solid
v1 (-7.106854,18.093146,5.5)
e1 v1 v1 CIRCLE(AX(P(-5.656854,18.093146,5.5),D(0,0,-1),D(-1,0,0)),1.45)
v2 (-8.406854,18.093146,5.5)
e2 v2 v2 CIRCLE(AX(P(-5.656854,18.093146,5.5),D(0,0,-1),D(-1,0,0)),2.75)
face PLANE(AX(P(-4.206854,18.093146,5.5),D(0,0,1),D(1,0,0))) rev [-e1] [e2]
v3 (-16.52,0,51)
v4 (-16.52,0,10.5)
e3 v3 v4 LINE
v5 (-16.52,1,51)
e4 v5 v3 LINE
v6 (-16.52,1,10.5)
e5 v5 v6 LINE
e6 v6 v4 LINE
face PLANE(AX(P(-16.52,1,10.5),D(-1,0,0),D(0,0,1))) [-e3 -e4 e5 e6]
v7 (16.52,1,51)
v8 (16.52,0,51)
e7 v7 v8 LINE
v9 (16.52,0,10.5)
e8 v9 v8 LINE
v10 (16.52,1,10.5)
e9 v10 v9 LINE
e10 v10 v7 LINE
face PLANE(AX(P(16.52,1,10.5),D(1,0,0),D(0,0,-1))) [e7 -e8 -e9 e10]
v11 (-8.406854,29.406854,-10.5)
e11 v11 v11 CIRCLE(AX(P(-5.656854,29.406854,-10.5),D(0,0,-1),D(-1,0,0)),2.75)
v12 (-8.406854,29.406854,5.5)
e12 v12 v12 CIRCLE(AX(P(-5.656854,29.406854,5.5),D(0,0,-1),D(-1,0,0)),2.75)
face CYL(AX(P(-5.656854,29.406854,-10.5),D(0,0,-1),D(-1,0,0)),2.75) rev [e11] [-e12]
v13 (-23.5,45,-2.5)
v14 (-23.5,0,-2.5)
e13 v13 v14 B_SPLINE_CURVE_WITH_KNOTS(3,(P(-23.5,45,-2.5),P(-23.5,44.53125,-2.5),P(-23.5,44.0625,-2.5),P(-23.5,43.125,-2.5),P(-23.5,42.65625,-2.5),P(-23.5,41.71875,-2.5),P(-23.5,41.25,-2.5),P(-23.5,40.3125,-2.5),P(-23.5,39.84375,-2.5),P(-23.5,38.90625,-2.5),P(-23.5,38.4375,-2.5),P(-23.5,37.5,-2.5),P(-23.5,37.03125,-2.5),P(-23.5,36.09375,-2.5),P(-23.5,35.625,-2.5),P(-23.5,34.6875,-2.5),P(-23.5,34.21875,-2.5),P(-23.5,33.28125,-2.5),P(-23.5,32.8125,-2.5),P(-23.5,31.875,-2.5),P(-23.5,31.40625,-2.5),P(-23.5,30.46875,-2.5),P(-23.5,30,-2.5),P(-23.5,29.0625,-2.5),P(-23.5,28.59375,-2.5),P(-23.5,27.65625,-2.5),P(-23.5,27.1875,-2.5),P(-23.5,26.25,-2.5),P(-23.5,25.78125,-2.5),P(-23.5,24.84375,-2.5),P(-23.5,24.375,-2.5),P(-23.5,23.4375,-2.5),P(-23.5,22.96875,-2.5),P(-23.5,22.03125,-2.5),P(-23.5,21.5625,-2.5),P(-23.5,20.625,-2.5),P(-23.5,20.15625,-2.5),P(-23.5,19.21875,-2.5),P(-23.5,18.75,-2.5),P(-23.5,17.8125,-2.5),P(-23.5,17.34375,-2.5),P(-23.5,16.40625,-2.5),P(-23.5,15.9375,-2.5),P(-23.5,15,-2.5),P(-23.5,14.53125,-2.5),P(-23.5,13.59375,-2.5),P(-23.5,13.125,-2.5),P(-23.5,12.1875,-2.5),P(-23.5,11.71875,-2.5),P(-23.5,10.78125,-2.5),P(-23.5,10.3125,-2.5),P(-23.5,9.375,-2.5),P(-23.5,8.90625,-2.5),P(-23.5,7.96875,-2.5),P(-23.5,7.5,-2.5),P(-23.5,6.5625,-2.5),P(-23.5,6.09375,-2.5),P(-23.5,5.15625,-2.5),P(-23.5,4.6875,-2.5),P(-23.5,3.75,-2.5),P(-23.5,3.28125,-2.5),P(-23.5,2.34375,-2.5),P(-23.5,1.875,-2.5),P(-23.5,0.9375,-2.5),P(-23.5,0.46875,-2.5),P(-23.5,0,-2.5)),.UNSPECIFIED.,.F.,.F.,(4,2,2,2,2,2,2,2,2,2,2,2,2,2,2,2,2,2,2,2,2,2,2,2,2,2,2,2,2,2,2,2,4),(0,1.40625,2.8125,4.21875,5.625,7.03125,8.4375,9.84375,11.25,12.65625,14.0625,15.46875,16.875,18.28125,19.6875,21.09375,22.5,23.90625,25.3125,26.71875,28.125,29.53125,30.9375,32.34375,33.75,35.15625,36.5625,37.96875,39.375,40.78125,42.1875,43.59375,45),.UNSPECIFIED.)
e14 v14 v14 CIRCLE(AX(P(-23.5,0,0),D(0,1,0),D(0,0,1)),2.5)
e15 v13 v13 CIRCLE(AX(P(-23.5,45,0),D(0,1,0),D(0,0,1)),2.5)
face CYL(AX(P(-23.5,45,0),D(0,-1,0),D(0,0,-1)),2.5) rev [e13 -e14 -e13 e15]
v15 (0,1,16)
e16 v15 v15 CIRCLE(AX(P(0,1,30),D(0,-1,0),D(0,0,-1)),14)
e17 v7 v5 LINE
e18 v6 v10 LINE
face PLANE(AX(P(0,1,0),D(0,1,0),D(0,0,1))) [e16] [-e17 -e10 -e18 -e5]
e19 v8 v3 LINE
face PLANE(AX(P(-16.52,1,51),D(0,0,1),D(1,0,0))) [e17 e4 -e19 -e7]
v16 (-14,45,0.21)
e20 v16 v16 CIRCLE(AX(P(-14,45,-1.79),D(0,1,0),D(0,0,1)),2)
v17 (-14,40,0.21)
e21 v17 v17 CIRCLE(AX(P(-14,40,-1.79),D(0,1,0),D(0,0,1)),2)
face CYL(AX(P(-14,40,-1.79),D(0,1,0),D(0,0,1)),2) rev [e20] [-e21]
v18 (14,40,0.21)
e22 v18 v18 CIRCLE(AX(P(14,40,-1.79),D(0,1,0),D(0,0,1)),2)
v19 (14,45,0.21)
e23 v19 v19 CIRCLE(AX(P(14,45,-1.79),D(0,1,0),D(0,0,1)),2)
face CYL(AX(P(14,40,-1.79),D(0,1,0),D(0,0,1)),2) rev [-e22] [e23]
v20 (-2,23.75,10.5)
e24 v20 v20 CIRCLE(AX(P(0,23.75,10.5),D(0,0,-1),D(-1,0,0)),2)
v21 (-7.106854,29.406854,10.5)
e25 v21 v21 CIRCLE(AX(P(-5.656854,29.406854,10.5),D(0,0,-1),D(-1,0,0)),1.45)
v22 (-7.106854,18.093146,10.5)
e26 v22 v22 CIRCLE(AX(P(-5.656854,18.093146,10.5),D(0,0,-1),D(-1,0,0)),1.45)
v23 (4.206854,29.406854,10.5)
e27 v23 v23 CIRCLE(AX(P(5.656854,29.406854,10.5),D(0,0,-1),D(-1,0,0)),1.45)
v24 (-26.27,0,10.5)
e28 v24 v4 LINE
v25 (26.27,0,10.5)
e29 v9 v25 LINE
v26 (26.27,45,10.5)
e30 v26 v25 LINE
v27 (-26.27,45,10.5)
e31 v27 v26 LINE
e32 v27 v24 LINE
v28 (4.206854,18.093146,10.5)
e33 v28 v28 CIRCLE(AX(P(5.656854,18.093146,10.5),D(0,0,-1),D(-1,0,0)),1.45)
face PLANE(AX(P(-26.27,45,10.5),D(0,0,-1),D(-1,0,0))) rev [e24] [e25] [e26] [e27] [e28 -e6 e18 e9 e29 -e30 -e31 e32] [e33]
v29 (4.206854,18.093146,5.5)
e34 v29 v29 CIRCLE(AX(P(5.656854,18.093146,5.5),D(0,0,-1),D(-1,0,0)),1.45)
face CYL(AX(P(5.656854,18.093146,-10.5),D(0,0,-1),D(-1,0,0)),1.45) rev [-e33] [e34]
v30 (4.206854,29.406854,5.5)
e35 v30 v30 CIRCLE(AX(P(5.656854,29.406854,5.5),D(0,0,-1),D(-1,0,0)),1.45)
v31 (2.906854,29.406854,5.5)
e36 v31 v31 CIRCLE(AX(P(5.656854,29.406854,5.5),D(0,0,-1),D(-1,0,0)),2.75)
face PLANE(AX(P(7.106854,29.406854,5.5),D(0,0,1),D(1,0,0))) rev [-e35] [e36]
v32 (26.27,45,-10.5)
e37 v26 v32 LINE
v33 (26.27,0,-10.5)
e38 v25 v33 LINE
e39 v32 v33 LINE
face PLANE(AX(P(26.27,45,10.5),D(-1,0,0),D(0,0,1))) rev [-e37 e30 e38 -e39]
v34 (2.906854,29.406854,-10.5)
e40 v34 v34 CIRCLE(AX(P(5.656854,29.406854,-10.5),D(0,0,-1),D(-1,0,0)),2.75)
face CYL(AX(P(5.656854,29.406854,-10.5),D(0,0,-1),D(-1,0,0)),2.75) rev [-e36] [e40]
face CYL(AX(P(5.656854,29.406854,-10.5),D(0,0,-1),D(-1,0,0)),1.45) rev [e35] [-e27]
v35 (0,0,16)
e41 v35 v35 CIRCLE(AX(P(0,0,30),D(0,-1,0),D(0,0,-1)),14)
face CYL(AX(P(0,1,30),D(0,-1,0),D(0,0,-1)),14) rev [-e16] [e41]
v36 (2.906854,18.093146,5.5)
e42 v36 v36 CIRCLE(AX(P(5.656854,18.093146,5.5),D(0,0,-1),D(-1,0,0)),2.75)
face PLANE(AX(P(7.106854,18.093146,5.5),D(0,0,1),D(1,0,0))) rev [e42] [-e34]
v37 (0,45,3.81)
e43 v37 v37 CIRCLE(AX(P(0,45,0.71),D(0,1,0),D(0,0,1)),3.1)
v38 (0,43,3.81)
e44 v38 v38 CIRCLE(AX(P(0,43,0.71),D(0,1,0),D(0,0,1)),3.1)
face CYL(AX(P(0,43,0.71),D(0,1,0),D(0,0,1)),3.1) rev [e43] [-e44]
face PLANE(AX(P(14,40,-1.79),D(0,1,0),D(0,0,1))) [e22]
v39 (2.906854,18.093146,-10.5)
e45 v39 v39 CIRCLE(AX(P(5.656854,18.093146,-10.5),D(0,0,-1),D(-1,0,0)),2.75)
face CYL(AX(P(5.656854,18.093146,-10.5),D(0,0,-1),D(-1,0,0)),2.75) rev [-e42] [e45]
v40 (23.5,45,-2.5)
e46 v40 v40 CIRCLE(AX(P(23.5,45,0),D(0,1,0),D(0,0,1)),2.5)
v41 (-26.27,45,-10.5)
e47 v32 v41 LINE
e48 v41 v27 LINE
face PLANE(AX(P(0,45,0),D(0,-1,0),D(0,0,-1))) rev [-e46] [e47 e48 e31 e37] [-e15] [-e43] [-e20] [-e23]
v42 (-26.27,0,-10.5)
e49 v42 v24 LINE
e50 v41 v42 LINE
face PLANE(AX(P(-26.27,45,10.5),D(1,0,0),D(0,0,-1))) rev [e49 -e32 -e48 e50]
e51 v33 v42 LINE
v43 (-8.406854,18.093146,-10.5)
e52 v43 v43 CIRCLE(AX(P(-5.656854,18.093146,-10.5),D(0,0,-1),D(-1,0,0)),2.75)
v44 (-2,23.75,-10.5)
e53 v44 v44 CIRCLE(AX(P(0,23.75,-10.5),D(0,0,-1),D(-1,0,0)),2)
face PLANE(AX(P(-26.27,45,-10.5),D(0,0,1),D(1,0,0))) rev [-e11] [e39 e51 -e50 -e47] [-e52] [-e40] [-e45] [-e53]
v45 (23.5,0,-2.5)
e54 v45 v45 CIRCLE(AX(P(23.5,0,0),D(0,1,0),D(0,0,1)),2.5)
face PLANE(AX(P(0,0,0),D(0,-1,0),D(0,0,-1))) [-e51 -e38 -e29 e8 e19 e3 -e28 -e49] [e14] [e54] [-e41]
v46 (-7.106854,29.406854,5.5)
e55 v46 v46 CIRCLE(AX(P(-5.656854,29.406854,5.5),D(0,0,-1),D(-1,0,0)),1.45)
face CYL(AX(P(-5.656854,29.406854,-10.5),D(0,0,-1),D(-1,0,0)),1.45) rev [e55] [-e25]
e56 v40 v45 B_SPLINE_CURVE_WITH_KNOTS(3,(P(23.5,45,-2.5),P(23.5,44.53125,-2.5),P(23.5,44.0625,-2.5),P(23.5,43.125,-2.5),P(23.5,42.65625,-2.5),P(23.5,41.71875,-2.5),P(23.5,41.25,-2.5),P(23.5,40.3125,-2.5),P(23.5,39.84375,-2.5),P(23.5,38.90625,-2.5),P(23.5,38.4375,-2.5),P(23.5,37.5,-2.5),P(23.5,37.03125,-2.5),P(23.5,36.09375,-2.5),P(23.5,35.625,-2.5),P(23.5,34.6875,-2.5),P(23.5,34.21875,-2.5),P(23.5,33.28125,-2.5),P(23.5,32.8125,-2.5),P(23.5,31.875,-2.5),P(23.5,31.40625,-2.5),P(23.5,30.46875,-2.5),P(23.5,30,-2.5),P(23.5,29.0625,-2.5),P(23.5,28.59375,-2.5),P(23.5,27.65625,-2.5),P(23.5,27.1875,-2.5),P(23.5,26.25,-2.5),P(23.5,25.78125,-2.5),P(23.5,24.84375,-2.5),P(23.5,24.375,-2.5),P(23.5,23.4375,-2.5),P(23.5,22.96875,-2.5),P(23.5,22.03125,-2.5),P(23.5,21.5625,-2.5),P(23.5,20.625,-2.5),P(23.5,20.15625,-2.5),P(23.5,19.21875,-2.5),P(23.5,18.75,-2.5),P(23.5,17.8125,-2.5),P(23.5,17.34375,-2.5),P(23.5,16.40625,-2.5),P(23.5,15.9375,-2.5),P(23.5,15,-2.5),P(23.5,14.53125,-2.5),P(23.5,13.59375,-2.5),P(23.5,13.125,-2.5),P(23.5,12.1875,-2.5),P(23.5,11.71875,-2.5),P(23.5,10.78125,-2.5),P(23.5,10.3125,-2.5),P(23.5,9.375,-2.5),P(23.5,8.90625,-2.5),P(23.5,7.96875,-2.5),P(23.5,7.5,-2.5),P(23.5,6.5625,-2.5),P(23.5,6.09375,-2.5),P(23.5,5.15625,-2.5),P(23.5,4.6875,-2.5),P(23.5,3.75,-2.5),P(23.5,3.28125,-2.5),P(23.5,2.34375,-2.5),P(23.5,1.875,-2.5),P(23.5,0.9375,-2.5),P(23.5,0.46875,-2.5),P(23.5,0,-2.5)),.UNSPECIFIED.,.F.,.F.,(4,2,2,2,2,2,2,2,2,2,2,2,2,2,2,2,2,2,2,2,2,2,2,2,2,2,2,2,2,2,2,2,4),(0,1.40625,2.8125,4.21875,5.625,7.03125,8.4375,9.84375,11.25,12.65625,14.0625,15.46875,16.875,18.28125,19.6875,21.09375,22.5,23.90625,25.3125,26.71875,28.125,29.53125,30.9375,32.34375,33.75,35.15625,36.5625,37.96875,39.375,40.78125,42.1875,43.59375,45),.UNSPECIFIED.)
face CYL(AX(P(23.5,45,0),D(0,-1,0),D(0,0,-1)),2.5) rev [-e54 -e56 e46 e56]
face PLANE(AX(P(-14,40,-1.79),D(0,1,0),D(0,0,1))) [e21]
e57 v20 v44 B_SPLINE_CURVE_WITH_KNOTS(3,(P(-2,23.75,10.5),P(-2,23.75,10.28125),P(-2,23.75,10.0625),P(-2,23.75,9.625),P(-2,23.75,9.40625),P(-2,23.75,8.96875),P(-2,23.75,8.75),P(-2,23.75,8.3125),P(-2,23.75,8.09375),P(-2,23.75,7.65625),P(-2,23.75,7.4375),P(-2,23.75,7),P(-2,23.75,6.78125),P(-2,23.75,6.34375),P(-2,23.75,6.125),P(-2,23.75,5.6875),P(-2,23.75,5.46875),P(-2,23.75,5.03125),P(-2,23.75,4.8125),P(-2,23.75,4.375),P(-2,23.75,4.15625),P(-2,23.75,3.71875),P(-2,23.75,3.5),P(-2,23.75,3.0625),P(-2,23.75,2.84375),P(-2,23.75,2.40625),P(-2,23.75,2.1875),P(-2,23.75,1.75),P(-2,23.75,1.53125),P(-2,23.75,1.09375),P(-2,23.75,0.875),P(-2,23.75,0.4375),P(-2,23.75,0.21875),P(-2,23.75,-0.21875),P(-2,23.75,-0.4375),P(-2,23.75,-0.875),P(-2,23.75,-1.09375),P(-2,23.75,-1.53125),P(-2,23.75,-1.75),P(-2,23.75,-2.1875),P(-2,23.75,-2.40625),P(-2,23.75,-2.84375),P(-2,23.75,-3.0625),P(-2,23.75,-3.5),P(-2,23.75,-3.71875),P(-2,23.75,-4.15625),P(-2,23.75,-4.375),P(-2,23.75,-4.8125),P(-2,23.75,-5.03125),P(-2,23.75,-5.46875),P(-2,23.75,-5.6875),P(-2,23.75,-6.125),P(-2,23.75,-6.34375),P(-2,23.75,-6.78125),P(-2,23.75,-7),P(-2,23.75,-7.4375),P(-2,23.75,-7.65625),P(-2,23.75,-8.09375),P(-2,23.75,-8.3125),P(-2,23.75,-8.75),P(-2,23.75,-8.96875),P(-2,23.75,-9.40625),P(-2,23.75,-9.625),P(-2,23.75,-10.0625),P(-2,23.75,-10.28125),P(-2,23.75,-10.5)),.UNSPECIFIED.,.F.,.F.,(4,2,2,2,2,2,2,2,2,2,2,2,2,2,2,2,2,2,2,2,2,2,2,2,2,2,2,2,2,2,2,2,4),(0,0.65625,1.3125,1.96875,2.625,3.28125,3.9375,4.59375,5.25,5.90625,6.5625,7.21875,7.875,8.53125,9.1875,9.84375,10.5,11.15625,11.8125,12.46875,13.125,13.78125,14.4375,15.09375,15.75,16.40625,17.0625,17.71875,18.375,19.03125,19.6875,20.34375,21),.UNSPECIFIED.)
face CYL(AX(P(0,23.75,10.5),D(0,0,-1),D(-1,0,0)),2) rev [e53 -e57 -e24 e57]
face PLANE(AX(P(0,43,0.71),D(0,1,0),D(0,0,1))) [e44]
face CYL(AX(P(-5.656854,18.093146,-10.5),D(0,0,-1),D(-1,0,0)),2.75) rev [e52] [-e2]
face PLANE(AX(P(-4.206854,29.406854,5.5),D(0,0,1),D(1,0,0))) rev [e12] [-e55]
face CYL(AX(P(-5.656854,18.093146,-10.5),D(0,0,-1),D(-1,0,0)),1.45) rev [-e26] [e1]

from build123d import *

# Parameters (mm, degrees)
SKETCH1_W                                            = 52.54
SKETCH1_H                                            = 21
SKETCH1_R                                            = 2.5
BOSS_EXTRUDE1_DEPTH                                  = 45
SKETCH2_R                                            = 2
CUT_EXTRUDE1_DEPTH                                   = 57.179292448
SKETCH3_R                                            = 2
CUT_EXTRUDE2_DEPTH                                   = 5
CBORE_FOR_M2_5_HEX_SOCKET_HEAD_CAP_SCREW_D           = 2.9
CBORE_FOR_M2_5_HEX_SOCKET_HEAD_CAP_SCREW_CBORE_D     = 5.5
CBORE_FOR_M2_5_HEX_SOCKET_HEAD_CAP_SCREW_CBORE_DEPTH = 16
SKETCH6_R                                            = 3.1
CUT_EXTRUDE3_DEPTH                                   = 2
SKETCH7_W                                            = 33.04
SKETCH7_H                                            = 40.5
SKETCH7_R                                            = 14
BOSS_EXTRUDE2_DEPTH                                  = 1


with BuildPart() as part:
    # Sketch1 → Boss-Extrude1 (new body)
    with BuildSketch(Plane(origin=(0, 0, 0), x_dir=(1, 0, 0), z_dir=(0, 1, 0))):
        Rectangle(SKETCH1_W, SKETCH1_H)
        with Locations(Location((23.5, 0, 0), (0, 0, 90))):
            Circle(SKETCH1_R, mode=Mode.SUBTRACT)
        with Locations(Location((-23.5, 0, 0), (0, 0, 90))):
            Circle(SKETCH1_R, mode=Mode.SUBTRACT)
    extrude(amount=BOSS_EXTRUDE1_DEPTH)

    # Sketch2 → Cut-Extrude1 (cut, through all)
    with BuildSketch(Plane(origin=(0, 0, -10.5), x_dir=(-1, 0, 0), z_dir=(0, 0, -1))):
        with Locations((0, 23.75)):
            Circle(SKETCH2_R)
    extrude(amount=-CUT_EXTRUDE1_DEPTH, mode=Mode.SUBTRACT)

    # Sketch3 → Cut-Extrude2 (cut)
    with BuildSketch(Plane(origin=(0, 45, 0), x_dir=(1, 0, 0), z_dir=(0, 1, 0))):
        with Locations(Location((-14, 1.79, 0), (0, 0, 270))):
            Circle(SKETCH3_R)
        with Locations(Location((14, 1.79, 0), (0, 0, 270))):
            Circle(SKETCH3_R)
    extrude(amount=-CUT_EXTRUDE2_DEPTH, mode=Mode.SUBTRACT)

    # CBORE for M2.5 Hex Socket Head Cap Screw1 (through all)
    with Locations(Plane(origin=(-5.656854249, 18.093145751, -10.5), x_dir=(-1, 0, 0), z_dir=(0, 0, -1))):
        with Locations((0, 0), (-11.313708498, 0), (-11.313708498, 11.313708498), (0, 11.313708498)):
            CounterBoreHole(CBORE_FOR_M2_5_HEX_SOCKET_HEAD_CAP_SCREW_D / 2, CBORE_FOR_M2_5_HEX_SOCKET_HEAD_CAP_SCREW_CBORE_D / 2, CBORE_FOR_M2_5_HEX_SOCKET_HEAD_CAP_SCREW_CBORE_DEPTH)

    # Sketch6 → Cut-Extrude3 (cut)
    with BuildSketch(Plane(origin=(0, 45, 0), x_dir=(1, 0, 0), z_dir=(0, 1, 0))):
        with Locations(Location((0, -0.71, 0), (0, 0, 270))):
            Circle(SKETCH6_R)
    extrude(amount=-CUT_EXTRUDE3_DEPTH, mode=Mode.SUBTRACT)

    # Sketch7 → Boss-Extrude2 (add)
    with BuildSketch(Plane.XZ):
        with Locations((0, 30.75)):
            Rectangle(SKETCH7_W, SKETCH7_H)
        with Locations(Location((0, 30, 0), (0, 0, 270))):
            Circle(SKETCH7_R, mode=Mode.SUBTRACT)
    extrude(amount=-BOSS_EXTRUDE2_DEPTH)


solid = part.part
